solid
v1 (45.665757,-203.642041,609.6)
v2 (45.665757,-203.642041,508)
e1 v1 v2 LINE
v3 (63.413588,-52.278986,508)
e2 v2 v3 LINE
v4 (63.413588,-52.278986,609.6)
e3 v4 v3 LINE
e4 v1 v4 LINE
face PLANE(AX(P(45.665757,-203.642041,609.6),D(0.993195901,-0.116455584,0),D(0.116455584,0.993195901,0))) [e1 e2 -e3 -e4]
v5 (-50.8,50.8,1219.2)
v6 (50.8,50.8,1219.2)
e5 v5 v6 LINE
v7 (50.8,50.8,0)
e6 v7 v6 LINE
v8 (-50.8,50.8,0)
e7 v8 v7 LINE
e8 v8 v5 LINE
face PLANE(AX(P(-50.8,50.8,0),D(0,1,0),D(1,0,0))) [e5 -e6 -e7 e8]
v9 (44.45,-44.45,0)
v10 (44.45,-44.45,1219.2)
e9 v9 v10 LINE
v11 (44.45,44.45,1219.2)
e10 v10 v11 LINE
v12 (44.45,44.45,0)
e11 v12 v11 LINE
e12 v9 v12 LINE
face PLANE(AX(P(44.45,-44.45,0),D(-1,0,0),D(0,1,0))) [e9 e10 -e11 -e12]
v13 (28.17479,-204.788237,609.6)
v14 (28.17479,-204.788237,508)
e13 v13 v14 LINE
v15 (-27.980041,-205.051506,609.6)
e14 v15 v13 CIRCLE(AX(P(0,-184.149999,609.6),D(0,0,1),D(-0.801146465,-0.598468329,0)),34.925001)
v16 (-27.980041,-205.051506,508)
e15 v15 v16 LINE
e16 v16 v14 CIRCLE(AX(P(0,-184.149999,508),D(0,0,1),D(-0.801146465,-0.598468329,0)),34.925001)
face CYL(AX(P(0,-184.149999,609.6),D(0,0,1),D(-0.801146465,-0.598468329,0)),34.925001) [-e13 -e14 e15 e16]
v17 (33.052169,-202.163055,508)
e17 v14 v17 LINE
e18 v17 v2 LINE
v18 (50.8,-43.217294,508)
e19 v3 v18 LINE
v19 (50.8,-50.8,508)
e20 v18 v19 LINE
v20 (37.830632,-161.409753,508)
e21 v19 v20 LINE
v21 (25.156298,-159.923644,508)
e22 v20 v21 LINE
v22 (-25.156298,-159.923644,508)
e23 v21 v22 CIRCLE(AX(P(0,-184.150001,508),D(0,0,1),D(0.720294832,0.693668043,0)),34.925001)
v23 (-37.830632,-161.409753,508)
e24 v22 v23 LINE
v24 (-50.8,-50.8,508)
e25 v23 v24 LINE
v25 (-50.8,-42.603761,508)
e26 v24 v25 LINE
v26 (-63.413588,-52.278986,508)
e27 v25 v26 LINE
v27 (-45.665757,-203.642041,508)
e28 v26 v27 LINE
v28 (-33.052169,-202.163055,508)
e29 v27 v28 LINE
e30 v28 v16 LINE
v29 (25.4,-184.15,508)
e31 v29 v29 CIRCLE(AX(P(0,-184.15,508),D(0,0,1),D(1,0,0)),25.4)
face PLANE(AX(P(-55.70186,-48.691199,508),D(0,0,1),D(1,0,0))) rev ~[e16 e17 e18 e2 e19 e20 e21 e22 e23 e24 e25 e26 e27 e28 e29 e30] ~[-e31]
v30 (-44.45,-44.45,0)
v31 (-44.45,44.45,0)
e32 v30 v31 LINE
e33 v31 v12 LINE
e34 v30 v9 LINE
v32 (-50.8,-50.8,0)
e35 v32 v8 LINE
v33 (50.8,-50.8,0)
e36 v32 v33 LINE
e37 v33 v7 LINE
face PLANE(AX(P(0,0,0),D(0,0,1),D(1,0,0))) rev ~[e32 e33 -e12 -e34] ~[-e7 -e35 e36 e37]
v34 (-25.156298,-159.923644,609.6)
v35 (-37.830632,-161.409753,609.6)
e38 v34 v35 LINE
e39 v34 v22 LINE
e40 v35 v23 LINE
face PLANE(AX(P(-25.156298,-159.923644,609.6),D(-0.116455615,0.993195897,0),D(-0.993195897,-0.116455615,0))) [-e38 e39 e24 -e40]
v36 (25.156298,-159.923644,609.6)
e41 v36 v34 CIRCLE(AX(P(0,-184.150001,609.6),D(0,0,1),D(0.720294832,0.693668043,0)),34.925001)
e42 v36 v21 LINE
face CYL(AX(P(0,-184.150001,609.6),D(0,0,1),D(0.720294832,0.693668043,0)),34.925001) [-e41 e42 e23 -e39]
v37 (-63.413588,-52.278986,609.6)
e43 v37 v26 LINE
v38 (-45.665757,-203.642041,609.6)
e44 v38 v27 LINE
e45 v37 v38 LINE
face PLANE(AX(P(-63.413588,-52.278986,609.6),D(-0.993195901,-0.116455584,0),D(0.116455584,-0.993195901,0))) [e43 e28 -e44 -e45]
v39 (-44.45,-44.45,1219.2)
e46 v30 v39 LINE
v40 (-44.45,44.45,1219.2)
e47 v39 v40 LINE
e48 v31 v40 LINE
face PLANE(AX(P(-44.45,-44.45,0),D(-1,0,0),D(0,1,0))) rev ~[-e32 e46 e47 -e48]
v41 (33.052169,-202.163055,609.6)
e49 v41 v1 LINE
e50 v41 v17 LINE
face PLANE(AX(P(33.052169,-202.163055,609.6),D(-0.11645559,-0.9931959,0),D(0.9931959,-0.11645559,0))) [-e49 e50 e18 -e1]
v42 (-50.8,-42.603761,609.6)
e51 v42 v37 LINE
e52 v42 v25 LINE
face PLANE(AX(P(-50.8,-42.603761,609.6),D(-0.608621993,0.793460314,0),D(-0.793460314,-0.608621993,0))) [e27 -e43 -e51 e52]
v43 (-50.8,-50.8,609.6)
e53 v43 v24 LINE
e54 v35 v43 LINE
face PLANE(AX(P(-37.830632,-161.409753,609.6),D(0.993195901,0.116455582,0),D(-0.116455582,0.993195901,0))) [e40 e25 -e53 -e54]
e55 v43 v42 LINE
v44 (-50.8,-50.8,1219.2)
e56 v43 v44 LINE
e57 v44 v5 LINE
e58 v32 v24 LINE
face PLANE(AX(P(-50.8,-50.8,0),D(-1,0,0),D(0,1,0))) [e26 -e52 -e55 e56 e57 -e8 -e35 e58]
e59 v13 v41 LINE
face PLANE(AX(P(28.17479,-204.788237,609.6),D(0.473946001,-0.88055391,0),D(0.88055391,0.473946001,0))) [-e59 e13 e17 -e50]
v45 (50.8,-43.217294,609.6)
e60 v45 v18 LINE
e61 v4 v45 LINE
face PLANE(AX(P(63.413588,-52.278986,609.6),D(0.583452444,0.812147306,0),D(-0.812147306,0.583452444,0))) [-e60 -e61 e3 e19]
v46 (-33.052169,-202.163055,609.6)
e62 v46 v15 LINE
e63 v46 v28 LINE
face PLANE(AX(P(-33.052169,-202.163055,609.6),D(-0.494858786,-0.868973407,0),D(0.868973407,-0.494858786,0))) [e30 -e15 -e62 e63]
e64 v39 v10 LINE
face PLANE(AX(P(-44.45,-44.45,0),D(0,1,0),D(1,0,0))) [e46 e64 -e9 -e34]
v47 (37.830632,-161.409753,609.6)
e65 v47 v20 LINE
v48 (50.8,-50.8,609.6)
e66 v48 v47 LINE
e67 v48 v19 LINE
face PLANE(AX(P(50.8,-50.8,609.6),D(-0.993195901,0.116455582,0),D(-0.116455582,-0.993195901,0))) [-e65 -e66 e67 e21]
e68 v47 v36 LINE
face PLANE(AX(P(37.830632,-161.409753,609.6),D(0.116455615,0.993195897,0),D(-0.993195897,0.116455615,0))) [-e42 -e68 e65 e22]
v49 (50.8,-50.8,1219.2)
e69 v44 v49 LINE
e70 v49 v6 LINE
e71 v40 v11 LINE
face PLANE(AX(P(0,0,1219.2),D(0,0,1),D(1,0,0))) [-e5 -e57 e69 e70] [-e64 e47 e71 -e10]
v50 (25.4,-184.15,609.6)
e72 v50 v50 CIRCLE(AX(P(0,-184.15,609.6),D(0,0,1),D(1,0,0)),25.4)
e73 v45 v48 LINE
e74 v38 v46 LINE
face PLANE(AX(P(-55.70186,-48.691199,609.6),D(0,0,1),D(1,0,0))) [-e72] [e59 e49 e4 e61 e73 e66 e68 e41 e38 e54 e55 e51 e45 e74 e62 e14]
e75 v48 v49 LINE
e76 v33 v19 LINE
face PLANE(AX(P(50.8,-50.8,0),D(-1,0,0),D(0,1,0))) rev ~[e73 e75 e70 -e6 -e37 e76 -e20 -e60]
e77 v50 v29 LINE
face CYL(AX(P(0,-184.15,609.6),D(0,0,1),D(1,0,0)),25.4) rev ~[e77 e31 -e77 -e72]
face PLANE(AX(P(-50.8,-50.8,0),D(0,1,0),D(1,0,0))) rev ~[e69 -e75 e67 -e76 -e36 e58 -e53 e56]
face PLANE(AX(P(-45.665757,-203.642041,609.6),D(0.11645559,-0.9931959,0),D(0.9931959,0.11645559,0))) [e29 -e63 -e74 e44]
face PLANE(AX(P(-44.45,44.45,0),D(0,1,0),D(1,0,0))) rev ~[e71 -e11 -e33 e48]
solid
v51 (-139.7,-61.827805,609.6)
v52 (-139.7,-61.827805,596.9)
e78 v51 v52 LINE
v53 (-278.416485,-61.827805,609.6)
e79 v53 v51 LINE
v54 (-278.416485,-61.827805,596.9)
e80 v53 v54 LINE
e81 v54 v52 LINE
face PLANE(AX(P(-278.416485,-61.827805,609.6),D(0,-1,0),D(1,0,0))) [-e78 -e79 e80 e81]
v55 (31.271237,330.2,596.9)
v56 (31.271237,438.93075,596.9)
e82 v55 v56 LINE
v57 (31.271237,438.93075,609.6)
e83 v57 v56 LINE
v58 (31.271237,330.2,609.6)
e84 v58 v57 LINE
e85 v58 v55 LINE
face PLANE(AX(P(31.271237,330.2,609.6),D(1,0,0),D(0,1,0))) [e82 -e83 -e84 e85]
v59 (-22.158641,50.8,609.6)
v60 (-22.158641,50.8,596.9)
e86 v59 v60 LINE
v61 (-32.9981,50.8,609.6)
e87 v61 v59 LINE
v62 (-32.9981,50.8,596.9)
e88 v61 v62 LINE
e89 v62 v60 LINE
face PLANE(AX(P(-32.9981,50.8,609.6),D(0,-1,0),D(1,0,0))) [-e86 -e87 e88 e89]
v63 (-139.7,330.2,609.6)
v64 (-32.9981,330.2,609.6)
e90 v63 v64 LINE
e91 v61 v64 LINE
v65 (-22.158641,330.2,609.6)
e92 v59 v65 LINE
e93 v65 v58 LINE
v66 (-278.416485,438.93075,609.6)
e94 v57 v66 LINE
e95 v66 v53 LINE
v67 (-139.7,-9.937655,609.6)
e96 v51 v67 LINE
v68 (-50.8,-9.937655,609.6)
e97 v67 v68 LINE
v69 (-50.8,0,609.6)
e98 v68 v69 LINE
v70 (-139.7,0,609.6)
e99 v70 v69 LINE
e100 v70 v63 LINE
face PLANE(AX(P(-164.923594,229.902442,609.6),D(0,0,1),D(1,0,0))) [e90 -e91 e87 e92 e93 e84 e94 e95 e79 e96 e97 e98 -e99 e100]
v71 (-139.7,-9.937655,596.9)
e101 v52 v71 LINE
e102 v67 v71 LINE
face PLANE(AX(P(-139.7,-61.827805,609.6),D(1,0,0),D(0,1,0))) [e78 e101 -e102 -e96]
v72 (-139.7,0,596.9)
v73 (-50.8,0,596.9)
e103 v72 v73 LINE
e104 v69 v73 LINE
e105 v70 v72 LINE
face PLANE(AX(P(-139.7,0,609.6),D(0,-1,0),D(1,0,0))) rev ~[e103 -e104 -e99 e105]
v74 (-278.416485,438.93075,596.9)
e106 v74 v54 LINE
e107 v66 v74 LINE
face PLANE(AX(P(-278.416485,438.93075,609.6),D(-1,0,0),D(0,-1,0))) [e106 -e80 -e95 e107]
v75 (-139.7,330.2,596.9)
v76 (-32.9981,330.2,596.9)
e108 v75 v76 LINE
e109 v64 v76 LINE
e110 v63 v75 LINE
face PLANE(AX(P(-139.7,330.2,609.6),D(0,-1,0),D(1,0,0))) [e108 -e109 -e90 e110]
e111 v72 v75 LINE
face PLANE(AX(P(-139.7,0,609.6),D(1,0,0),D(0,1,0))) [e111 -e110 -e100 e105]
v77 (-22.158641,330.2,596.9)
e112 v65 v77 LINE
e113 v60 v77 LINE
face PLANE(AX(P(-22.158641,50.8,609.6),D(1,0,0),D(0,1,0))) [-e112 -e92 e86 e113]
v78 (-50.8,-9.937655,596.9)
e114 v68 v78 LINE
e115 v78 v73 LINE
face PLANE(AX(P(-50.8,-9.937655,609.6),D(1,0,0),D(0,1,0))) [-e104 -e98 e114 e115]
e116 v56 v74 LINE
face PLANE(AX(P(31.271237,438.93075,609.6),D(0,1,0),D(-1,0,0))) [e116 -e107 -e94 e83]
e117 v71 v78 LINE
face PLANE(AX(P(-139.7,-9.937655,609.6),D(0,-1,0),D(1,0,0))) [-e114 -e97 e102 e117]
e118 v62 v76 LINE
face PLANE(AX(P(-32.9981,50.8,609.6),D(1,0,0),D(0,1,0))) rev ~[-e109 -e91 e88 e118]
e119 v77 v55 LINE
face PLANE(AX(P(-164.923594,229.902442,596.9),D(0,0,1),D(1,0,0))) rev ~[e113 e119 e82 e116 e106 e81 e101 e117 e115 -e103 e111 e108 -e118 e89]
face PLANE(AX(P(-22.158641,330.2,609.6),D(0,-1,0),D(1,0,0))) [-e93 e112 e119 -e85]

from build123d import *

# Parameters (mm, degrees)
F0_W     = 101.6
F0_H     = 101.6
F0_W_2   = 88.9
F0_H_2   = 88.9
F1_DEPTH = 1219.2
F3_R     = 25.4
F4_DEPTH = 101.6
F5_W     = 10.839459
F5_H     = 279.4
F5_W_2   = 88.9
F5_H_2   = 9.937655
F6_DEPTH = 12.7


with BuildPart() as f1:
    # F0 (on Top) → F1 (new body)
    with BuildSketch(Plane.XY):
        Rectangle(F0_W, F0_H)
        Rectangle(F0_W_2, F0_H_2, mode=Mode.SUBTRACT)
    extrude(amount=F1_DEPTH)

    # F3 (on offset) → F4 (join)
    with BuildSketch(Plane.XY.offset(609.6)):
        Polygon((-63.413588, -52.278986), (-50.8, -50.8), (-50.8, -42.603761), align=None)
        Polygon((-37.830632, -161.409753), (-50.8, -50.8), (-63.413588, -52.278986), (-45.665757, -203.642041), (-33.052169, -202.163055), (-34.687367, -188.21721), align=None)
        with BuildLine():
            ThreePointArc((-25.156298, -159.923644), (-33.097545, -173.000645), (-34.687367, -188.21721))
            ThreePointArc((-34.687367, -188.21721), (-32.444558, -197.076958), (-27.980041, -205.051506))
            ThreePointArc((-27.980041, -205.051506), (0.163736, -219.074616), (28.17479, -204.788237))
            ThreePointArc((28.17479, -204.788237), (32.504806, -196.92471), (34.687367, -188.217211))
            ThreePointArc((34.687367, -188.217211), (34.865541, -186.187073), (34.925, -184.15))
            ThreePointArc((34.925, -184.15), (32.390889, -171.089144), (25.156298, -159.923644))
            ThreePointArc((25.156298, -159.923644), (0, -149.225), (-25.156298, -159.923644))
        make_face()
        with Locations((0, -184.15)):
            Circle(F3_R, mode=Mode.SUBTRACT)
        with BuildLine():
            Line((-25.156298, -159.923644), (-37.830632, -161.409753))
            Line((-37.830632, -161.409753), (-34.687367, -188.21721))
            ThreePointArc((-34.687367, -188.21721), (-33.097545, -173.000645), (-25.156298, -159.923644))
        make_face()
        with BuildLine():
            ThreePointArc((-27.980041, -205.051506), (-32.444558, -197.076958), (-34.687367, -188.21721))
            Line((-34.687367, -188.21721), (-33.052169, -202.163055))
            Line((-33.052169, -202.163055), (-27.980041, -205.051506))
        make_face()
        with BuildLine():
            Line((33.052169, -202.163055), (34.687367, -188.217211))
            ThreePointArc((34.687367, -188.217211), (32.504806, -196.92471), (28.17479, -204.788237))
            Line((28.17479, -204.788237), (33.052169, -202.163055))
        make_face()
        with BuildLine():
            Line((34.687367, -188.217211), (37.830632, -161.409753))
            Line((37.830632, -161.409753), (25.156298, -159.923644))
            ThreePointArc((25.156298, -159.923644), (32.390889, -171.089144), (34.925, -184.15))
            ThreePointArc((34.925, -184.15), (34.865541, -186.187073), (34.687367, -188.217211))
        make_face()
        Polygon((63.413588, -52.278986), (50.8, -50.8), (37.830632, -161.409753), (34.687367, -188.217211), (33.052169, -202.163055), (45.665757, -203.642041), align=None)
        Polygon((50.8, -43.217294), (50.8, -50.8), (63.413588, -52.278986), align=None)
    extrude(amount=-F4_DEPTH)


with BuildPart() as f6:
    # F5 (on offset) → F6 (new body)
    with BuildSketch(Plane.XY.offset(609.6)):
        Polygon((-139.7, 330.2), (-32.9981, 330.2), (-22.158641, 330.2), (31.271237, 330.2), (31.271237, 438.93075), (-278.416485, 438.93075), (-278.416485, -61.827805), (-139.7, -61.827805), (-139.7, -9.937655), (-139.7, 0), align=None)
        with Locations((-27.57837, 190.5)):
            Rectangle(F5_W, F5_H)
        with Locations((-95.25, -4.968827)):
            Rectangle(F5_W_2, F5_H_2)
    extrude(amount=-F6_DEPTH)


solid = Compound([f1.part, f6.part])
